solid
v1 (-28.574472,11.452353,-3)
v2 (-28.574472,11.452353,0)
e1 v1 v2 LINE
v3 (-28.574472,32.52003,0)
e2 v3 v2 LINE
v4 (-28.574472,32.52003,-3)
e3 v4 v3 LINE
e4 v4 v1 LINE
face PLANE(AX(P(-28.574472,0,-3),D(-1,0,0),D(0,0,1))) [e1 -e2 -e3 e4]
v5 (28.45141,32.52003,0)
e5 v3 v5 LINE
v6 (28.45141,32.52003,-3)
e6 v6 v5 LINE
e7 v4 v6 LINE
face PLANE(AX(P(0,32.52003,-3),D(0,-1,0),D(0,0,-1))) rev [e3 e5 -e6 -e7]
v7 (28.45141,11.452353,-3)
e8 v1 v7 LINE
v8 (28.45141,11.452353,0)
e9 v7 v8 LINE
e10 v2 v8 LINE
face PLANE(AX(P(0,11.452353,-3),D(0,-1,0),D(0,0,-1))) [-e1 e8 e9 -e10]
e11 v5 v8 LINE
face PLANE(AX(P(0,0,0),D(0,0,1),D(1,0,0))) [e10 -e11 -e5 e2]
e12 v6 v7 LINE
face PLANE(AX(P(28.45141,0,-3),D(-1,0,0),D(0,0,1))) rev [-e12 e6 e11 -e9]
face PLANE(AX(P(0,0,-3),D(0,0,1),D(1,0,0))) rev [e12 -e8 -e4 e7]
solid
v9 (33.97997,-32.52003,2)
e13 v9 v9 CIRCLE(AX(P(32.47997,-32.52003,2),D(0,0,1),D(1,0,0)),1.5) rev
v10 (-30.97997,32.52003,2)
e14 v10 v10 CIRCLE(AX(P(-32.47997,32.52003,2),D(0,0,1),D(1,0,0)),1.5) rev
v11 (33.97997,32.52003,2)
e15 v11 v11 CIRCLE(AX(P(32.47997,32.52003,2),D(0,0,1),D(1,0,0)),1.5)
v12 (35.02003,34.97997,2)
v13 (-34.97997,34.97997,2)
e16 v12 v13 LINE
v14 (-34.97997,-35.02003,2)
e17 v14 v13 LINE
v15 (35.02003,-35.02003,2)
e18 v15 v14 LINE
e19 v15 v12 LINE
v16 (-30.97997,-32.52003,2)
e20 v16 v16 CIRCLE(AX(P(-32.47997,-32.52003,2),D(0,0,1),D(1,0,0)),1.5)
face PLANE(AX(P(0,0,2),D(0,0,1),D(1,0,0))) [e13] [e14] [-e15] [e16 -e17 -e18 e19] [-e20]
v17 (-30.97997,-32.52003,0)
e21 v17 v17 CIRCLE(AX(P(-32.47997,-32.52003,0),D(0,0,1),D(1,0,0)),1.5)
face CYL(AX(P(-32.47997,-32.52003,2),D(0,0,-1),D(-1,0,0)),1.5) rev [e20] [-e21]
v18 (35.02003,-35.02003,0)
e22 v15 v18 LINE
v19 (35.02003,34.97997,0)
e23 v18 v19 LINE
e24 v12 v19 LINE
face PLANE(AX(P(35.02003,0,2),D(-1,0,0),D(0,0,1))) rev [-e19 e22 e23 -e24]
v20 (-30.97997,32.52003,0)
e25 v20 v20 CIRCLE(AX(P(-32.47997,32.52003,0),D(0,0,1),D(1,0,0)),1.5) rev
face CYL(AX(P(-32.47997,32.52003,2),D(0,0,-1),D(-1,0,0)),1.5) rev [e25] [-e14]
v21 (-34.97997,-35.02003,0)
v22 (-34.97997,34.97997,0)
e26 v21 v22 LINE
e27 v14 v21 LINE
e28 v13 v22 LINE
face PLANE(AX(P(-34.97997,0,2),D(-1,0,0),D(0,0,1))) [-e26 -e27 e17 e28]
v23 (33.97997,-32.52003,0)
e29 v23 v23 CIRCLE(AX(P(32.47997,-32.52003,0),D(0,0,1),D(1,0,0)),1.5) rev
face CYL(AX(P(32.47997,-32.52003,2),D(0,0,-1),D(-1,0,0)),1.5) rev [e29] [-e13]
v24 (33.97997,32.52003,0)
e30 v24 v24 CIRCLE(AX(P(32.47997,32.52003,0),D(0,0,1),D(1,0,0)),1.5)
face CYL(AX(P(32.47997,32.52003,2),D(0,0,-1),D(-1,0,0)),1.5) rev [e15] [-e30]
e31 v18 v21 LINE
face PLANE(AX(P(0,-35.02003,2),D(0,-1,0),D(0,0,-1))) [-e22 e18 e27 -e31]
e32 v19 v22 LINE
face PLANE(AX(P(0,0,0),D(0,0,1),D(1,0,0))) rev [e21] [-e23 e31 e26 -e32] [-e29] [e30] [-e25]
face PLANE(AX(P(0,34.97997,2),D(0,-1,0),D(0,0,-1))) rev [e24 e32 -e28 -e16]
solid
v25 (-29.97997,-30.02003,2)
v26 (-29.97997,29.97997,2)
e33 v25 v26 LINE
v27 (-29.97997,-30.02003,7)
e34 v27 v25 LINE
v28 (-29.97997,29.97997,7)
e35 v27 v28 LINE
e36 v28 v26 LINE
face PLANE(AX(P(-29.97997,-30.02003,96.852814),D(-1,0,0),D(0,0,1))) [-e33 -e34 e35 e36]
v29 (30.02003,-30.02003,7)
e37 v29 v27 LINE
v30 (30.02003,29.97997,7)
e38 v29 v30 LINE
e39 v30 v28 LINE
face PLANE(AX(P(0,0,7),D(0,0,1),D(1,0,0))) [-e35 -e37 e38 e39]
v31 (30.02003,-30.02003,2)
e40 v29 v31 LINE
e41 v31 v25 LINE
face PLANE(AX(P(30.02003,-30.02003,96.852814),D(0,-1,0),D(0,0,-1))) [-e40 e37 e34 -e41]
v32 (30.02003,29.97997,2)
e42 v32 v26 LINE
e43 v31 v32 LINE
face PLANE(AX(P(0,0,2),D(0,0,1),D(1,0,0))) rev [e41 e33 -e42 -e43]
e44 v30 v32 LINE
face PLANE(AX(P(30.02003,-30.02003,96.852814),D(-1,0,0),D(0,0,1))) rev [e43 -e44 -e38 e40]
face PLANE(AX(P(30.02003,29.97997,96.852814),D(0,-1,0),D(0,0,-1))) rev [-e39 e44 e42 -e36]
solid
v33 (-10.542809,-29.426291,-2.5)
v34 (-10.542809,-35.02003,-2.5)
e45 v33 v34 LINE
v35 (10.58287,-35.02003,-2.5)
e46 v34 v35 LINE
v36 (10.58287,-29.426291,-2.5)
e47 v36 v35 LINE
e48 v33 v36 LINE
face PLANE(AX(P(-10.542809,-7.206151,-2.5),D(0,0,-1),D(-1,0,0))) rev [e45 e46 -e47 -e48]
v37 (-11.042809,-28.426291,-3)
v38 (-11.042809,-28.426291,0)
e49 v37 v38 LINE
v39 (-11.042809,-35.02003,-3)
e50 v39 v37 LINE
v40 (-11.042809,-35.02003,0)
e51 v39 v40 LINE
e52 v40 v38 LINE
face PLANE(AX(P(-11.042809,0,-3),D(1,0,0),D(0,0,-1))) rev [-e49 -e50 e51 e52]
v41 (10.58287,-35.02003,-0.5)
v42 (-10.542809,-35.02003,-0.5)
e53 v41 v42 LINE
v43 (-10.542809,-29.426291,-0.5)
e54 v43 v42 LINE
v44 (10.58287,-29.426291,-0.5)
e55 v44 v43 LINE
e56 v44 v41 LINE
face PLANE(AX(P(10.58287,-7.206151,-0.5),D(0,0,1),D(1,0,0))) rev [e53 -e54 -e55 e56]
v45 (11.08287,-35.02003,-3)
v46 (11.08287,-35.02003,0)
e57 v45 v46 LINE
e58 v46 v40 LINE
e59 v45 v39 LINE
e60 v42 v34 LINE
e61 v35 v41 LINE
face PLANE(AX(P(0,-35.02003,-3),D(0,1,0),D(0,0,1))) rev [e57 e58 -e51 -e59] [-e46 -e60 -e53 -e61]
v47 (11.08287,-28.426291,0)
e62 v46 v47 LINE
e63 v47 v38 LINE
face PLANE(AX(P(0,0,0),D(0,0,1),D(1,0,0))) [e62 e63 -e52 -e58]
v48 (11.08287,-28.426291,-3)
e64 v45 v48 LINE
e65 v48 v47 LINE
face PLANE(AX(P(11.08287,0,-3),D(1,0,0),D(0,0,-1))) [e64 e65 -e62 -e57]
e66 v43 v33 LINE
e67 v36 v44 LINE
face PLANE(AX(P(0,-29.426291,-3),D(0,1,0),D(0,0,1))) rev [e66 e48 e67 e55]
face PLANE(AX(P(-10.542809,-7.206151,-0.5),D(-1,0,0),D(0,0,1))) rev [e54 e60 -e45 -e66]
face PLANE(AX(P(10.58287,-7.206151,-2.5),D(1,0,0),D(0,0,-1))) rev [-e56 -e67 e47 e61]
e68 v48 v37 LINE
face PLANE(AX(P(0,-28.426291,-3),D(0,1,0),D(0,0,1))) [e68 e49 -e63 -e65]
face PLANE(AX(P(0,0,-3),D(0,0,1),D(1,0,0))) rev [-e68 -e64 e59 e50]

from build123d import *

# Parameters (mm, degrees)
SKETCH1_W           = 70
SKETCH1_H           = 70
SKETCH1_R           = 1.5
BOSS_EXTRUDE1_DEPTH = 2
SKETCH1_4_W         = 60
SKETCH1_4_H         = 60
BOSS_EXTRUDE4_DEPTH = 7
SKETCH1_5_W         = 22.125679749
SKETCH1_5_H         = 1.593739236
SKETCH1_5_H_2       = 5
SKETCH1_5_W_2       = 57.02588195
SKETCH1_5_H_3       = 2.540060886
SKETCH1_5_H_4       = 18.527616595
BOSS_EXTRUDE5_DEPTH = 3
SKETCH1_6_W         = 60
SKETCH1_6_H         = 60
CUT_EXTRUDE1_DEPTH  = 2
SKETCH4_W           = 21.125679749
SKETCH4_H           = 2
CUT_EXTRUDE2_DEPTH  = 5.593739


with BuildPart() as part:
    # Sketch1 → Boss-Extrude1 (new body)
    with BuildSketch(Plane.XY):
        with Locations((0.020030443, -0.020030443)):
            Rectangle(SKETCH1_W, SKETCH1_H)
        with Locations((-32.479969557, -32.520030443)):
            Circle(SKETCH1_R, mode=Mode.SUBTRACT)
        with Locations((32.479969557, -32.520030443)):
            Circle(SKETCH1_R, mode=Mode.SUBTRACT)
        with Locations((32.479969557, 32.520030443)):
            Circle(SKETCH1_R, mode=Mode.SUBTRACT)
        with Locations((-32.479969557, 32.520030443)):
            Circle(SKETCH1_R, mode=Mode.SUBTRACT)
    extrude(amount=BOSS_EXTRUDE1_DEPTH)


with BuildPart() as body_2:
    # Sketch1<4> → Boss-Extrude4 (new body)
    with BuildSketch(Plane.XY):
        with Locations((0.020030443, -0.020030443)):
            Rectangle(SKETCH1_4_W, SKETCH1_4_H)
    extrude(amount=BOSS_EXTRUDE4_DEPTH)

    # Sketch1<6> → Cut-Extrude1 (cut)
    with BuildSketch(Plane.XY):
        with Locations((0.020030443, -0.020030443)):
            Rectangle(SKETCH1_6_W, SKETCH1_6_H)
    extrude(amount=CUT_EXTRUDE1_DEPTH, mode=Mode.SUBTRACT)


with BuildPart() as body_3:
    # Sketch1<5> → Boss-Extrude5 (new body)
    with BuildSketch(Plane.XY):
        with Locations((0.020030443, -29.223160825)):
            Rectangle(SKETCH1_5_W, SKETCH1_5_H)
        with Locations((0.020030443, -32.520030443)):
            Rectangle(SKETCH1_5_W, SKETCH1_5_H_2)
        with Locations((-0.061531288, 31.25)):
            Rectangle(SKETCH1_5_W_2, SKETCH1_5_H_3)
        with Locations((-0.061531288, 20.71616126)):
            Rectangle(SKETCH1_5_W_2, SKETCH1_5_H_4)
    extrude(amount=-BOSS_EXTRUDE5_DEPTH)

    # Sketch4 → Cut-Extrude2 (cut)
    with BuildSketch(Plane.XZ.offset(35.020030443)):
        with Locations((0.020030443, -1.5)):
            Rectangle(SKETCH4_W, SKETCH4_H)
    extrude(amount=-CUT_EXTRUDE2_DEPTH, mode=Mode.SUBTRACT)


solid = Compound([part.part, body_2.part, body_3.part])
